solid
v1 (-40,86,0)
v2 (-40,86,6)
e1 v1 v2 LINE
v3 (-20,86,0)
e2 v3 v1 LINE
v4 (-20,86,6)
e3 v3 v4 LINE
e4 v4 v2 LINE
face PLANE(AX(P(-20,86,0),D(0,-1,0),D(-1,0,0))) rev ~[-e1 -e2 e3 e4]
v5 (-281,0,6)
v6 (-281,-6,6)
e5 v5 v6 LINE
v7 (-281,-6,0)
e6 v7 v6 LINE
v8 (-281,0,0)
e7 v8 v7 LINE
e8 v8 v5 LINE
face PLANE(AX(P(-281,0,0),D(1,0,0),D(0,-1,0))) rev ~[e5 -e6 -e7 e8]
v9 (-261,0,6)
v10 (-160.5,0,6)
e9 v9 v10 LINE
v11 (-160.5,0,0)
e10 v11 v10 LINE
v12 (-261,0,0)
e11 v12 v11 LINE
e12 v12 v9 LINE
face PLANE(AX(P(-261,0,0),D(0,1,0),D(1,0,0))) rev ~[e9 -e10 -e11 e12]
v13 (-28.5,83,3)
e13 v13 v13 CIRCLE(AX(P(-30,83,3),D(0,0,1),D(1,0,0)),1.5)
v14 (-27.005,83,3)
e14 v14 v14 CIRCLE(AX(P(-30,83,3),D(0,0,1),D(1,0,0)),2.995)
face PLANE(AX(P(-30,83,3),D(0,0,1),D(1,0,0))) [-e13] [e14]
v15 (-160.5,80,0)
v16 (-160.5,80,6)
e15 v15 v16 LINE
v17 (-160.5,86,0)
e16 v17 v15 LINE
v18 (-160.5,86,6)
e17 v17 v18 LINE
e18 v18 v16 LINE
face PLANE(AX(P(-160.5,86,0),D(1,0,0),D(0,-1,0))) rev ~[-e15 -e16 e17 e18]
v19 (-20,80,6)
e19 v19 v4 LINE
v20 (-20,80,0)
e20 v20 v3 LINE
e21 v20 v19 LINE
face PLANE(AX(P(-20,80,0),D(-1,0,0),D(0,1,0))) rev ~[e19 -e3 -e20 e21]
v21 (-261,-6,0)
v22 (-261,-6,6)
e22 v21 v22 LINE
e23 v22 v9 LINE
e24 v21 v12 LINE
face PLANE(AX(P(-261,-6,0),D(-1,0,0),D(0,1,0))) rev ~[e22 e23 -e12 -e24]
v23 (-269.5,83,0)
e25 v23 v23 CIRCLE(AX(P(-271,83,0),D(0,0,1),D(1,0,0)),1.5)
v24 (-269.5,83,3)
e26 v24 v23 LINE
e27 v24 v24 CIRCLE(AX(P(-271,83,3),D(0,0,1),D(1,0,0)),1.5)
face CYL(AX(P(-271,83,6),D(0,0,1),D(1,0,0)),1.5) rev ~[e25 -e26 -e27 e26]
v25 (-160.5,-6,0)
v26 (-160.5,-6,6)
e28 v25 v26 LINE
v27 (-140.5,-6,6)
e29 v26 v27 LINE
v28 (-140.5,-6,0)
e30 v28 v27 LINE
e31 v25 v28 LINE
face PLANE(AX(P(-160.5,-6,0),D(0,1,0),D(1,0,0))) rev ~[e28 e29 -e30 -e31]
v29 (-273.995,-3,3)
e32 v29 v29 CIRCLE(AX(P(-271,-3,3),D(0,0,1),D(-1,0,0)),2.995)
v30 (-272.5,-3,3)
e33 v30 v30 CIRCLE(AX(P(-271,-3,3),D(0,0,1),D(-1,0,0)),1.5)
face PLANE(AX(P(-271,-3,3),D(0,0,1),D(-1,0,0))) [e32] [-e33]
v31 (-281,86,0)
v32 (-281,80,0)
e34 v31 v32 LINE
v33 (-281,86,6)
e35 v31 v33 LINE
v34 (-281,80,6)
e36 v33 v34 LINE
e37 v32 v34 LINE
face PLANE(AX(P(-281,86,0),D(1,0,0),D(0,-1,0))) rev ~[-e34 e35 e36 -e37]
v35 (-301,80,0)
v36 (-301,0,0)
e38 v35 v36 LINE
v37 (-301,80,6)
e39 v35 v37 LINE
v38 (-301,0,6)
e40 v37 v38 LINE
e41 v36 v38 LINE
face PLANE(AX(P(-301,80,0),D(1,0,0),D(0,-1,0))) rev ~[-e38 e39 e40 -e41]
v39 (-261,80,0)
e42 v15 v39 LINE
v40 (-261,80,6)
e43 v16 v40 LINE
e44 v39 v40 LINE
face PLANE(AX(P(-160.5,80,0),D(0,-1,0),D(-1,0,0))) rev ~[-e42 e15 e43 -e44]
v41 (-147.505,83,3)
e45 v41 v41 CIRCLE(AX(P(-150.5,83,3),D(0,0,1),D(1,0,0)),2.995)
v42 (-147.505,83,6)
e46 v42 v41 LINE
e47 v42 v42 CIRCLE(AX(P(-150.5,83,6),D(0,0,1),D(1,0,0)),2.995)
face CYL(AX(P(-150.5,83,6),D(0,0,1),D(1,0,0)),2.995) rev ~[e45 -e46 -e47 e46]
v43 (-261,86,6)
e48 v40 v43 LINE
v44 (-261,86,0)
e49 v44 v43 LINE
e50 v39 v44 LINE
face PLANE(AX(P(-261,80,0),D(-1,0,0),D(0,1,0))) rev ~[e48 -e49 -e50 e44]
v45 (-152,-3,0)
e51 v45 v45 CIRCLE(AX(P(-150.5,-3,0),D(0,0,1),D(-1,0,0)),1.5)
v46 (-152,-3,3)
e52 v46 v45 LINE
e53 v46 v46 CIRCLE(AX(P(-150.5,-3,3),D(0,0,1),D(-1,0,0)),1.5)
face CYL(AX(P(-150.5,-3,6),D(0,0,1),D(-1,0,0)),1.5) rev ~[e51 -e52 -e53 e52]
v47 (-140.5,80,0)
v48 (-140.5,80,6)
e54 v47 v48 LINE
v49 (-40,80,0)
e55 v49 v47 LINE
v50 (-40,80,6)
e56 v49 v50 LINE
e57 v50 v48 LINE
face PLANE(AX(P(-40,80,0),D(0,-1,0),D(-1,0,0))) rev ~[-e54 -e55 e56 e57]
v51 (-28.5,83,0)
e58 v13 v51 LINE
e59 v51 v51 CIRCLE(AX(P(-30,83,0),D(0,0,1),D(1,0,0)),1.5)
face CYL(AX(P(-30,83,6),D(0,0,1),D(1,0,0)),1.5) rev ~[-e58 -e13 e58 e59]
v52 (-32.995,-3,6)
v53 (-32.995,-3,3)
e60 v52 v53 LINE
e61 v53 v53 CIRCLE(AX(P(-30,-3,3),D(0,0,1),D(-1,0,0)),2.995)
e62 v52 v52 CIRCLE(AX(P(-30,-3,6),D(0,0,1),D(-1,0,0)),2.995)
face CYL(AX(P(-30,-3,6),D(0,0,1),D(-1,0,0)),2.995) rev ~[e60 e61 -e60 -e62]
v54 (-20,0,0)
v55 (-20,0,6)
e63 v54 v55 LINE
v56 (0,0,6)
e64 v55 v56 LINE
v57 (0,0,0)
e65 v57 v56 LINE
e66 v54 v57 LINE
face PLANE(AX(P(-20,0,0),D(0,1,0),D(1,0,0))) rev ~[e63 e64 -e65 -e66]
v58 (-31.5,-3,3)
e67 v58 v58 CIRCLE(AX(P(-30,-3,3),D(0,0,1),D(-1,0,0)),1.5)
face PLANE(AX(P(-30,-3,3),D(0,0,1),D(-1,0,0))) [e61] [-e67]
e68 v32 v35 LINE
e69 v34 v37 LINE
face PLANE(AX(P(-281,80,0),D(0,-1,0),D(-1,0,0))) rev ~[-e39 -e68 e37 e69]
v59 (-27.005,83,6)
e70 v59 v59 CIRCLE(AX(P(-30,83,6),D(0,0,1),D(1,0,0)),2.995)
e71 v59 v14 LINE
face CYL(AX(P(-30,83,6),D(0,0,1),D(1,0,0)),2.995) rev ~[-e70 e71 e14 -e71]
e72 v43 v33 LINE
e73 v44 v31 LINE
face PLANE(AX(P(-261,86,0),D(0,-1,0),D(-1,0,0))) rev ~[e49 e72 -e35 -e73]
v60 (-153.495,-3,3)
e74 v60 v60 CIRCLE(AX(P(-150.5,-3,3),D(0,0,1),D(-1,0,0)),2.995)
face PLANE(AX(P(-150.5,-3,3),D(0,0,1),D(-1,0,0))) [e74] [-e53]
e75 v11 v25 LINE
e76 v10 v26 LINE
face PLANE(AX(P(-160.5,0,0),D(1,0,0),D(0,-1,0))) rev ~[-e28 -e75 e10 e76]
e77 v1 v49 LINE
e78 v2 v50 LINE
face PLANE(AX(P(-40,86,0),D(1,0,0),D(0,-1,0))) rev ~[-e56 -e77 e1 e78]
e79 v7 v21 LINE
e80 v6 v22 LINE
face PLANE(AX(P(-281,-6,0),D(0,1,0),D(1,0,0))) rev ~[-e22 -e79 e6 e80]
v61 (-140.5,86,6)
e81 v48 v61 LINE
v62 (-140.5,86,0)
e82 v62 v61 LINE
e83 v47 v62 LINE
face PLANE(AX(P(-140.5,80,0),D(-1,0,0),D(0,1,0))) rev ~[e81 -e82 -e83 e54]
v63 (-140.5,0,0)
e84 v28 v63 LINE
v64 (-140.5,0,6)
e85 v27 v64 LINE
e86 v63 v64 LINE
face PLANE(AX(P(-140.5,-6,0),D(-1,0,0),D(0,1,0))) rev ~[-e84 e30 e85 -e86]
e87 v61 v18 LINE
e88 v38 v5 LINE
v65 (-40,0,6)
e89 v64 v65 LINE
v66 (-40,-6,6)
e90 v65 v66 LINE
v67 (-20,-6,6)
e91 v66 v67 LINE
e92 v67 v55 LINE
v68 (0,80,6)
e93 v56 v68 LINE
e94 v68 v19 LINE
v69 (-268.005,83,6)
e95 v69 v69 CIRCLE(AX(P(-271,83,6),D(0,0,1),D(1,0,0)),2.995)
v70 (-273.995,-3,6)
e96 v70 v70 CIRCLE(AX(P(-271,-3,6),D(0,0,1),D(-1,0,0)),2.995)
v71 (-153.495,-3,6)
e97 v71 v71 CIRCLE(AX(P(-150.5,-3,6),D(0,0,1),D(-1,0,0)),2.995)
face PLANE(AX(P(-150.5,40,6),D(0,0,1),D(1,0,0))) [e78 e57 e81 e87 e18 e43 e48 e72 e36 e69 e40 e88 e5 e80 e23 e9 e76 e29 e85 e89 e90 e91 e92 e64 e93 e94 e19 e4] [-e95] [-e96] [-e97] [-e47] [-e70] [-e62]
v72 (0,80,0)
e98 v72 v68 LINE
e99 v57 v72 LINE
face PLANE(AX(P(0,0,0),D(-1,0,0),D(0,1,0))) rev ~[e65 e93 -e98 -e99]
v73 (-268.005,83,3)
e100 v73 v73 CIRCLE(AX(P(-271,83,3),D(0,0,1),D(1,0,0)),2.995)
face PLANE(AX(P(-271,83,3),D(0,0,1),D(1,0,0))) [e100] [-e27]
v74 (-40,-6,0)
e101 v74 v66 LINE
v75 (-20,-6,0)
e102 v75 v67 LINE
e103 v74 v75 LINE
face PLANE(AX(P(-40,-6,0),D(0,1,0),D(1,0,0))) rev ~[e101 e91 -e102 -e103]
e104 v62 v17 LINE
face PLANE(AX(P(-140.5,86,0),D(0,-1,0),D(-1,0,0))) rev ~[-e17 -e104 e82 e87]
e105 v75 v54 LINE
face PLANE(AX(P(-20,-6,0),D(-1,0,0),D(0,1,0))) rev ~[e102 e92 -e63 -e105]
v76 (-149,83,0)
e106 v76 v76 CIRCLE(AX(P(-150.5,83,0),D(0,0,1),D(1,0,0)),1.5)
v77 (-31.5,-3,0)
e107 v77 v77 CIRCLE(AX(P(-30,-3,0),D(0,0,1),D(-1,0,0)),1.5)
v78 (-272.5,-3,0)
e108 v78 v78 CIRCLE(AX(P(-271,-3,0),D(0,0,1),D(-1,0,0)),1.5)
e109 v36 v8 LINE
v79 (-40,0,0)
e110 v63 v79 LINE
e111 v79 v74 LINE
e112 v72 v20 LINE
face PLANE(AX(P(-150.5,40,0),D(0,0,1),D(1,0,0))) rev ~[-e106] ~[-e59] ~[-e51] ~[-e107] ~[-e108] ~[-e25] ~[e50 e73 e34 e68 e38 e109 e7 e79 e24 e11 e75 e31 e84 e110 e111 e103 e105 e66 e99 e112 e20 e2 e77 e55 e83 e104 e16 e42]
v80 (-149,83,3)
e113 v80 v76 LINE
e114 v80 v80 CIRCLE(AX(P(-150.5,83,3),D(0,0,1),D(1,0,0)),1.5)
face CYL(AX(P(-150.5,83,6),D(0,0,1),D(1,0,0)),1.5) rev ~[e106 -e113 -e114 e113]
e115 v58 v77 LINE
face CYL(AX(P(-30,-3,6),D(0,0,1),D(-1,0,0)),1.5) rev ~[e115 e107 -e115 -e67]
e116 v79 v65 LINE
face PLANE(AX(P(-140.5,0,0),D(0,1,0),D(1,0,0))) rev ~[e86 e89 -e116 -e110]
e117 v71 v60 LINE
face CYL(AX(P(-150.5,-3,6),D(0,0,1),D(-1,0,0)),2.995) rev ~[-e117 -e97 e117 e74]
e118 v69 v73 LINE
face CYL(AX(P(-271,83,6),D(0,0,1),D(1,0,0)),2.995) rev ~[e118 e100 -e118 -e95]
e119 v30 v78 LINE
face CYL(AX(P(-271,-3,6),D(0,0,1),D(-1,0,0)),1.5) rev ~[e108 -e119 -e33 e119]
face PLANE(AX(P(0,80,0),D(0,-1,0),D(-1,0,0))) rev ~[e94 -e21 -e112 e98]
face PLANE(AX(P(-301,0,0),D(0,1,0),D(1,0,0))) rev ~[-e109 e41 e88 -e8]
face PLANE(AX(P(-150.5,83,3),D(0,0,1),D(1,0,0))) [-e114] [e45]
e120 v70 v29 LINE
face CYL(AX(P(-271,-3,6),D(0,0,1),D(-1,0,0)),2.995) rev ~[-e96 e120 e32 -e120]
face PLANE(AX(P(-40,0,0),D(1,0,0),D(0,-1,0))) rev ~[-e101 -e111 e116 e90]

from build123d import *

# Parameters (mm, degrees)
BOSS_EXTRU_1_DEPTH      = 6
ESQUISSE2_R             = 1.5
ENL_V_MAT_EXTRU_1_DEPTH = 314.10221973
ESQUISSE3_R             = 2.995
ENL_V_MAT_EXTRU_2_DEPTH = 3


with BuildPart() as part:
    # Esquisse1 → Boss.-Extru.1 (new body)
    with BuildSketch(Plane.XY):
        Polygon((-40, 80), (-140.5, 80), (-140.5, 86), (-160.5, 86), (-160.5, 80), (-261, 80), (-261, 86), (-281, 86), (-281, 80), (-301, 80), (-301, 0), (-281, 0), (-281, -6), (-261, -6), (-261, 0), (-160.5, 0), (-160.5, -6), (-140.5, -6), (-140.5, 0), (-40, 0), (-40, -6), (-20, -6), (-20, 0), (0, 0), (0, 80), (-20, 80), (-20, 86), (-40, 86), align=None)
    extrude(amount=BOSS_EXTRU_1_DEPTH)

    # Esquisse2 → Enlèv. mat.-Extru.1 (cut, through all)
    with BuildSketch(Plane.XY.offset(6)):
        with Locations((-271, 83)):
            Circle(ESQUISSE2_R)
        with Locations((-150.5, 83)):
            Circle(ESQUISSE2_R)
        with Locations((-30, 83)):
            Circle(ESQUISSE2_R)
        with Locations(Location((-271, -3, 0), (0, 0, 180))):
            Circle(ESQUISSE2_R)
        with Locations(Location((-150.5, -3, 0), (0, 0, 180))):
            Circle(ESQUISSE2_R)
        with Locations(Location((-30, -3, 0), (0, 0, 180))):
            Circle(ESQUISSE2_R)
    extrude(amount=-ENL_V_MAT_EXTRU_1_DEPTH, mode=Mode.SUBTRACT)

    # Esquisse3 → Enlèv. mat.-Extru.2 (cut)
    with BuildSketch(Plane.XY.offset(6)):
        with Locations((-271, 83)):
            Circle(ESQUISSE3_R)
        with Locations((-150.5, 83)):
            Circle(ESQUISSE3_R)
        with Locations((-30, 83)):
            Circle(ESQUISSE3_R)
        with Locations(Location((-30, -3, 0), (0, 0, 180))):
            Circle(ESQUISSE3_R)
        with Locations(Location((-150.5, -3, 0), (0, 0, 180))):
            Circle(ESQUISSE3_R)
        with Locations(Location((-271, -3, 0), (0, 0, 180))):
            Circle(ESQUISSE3_R)
    extrude(amount=-ENL_V_MAT_EXTRU_2_DEPTH, mode=Mode.SUBTRACT)


solid = part.part
